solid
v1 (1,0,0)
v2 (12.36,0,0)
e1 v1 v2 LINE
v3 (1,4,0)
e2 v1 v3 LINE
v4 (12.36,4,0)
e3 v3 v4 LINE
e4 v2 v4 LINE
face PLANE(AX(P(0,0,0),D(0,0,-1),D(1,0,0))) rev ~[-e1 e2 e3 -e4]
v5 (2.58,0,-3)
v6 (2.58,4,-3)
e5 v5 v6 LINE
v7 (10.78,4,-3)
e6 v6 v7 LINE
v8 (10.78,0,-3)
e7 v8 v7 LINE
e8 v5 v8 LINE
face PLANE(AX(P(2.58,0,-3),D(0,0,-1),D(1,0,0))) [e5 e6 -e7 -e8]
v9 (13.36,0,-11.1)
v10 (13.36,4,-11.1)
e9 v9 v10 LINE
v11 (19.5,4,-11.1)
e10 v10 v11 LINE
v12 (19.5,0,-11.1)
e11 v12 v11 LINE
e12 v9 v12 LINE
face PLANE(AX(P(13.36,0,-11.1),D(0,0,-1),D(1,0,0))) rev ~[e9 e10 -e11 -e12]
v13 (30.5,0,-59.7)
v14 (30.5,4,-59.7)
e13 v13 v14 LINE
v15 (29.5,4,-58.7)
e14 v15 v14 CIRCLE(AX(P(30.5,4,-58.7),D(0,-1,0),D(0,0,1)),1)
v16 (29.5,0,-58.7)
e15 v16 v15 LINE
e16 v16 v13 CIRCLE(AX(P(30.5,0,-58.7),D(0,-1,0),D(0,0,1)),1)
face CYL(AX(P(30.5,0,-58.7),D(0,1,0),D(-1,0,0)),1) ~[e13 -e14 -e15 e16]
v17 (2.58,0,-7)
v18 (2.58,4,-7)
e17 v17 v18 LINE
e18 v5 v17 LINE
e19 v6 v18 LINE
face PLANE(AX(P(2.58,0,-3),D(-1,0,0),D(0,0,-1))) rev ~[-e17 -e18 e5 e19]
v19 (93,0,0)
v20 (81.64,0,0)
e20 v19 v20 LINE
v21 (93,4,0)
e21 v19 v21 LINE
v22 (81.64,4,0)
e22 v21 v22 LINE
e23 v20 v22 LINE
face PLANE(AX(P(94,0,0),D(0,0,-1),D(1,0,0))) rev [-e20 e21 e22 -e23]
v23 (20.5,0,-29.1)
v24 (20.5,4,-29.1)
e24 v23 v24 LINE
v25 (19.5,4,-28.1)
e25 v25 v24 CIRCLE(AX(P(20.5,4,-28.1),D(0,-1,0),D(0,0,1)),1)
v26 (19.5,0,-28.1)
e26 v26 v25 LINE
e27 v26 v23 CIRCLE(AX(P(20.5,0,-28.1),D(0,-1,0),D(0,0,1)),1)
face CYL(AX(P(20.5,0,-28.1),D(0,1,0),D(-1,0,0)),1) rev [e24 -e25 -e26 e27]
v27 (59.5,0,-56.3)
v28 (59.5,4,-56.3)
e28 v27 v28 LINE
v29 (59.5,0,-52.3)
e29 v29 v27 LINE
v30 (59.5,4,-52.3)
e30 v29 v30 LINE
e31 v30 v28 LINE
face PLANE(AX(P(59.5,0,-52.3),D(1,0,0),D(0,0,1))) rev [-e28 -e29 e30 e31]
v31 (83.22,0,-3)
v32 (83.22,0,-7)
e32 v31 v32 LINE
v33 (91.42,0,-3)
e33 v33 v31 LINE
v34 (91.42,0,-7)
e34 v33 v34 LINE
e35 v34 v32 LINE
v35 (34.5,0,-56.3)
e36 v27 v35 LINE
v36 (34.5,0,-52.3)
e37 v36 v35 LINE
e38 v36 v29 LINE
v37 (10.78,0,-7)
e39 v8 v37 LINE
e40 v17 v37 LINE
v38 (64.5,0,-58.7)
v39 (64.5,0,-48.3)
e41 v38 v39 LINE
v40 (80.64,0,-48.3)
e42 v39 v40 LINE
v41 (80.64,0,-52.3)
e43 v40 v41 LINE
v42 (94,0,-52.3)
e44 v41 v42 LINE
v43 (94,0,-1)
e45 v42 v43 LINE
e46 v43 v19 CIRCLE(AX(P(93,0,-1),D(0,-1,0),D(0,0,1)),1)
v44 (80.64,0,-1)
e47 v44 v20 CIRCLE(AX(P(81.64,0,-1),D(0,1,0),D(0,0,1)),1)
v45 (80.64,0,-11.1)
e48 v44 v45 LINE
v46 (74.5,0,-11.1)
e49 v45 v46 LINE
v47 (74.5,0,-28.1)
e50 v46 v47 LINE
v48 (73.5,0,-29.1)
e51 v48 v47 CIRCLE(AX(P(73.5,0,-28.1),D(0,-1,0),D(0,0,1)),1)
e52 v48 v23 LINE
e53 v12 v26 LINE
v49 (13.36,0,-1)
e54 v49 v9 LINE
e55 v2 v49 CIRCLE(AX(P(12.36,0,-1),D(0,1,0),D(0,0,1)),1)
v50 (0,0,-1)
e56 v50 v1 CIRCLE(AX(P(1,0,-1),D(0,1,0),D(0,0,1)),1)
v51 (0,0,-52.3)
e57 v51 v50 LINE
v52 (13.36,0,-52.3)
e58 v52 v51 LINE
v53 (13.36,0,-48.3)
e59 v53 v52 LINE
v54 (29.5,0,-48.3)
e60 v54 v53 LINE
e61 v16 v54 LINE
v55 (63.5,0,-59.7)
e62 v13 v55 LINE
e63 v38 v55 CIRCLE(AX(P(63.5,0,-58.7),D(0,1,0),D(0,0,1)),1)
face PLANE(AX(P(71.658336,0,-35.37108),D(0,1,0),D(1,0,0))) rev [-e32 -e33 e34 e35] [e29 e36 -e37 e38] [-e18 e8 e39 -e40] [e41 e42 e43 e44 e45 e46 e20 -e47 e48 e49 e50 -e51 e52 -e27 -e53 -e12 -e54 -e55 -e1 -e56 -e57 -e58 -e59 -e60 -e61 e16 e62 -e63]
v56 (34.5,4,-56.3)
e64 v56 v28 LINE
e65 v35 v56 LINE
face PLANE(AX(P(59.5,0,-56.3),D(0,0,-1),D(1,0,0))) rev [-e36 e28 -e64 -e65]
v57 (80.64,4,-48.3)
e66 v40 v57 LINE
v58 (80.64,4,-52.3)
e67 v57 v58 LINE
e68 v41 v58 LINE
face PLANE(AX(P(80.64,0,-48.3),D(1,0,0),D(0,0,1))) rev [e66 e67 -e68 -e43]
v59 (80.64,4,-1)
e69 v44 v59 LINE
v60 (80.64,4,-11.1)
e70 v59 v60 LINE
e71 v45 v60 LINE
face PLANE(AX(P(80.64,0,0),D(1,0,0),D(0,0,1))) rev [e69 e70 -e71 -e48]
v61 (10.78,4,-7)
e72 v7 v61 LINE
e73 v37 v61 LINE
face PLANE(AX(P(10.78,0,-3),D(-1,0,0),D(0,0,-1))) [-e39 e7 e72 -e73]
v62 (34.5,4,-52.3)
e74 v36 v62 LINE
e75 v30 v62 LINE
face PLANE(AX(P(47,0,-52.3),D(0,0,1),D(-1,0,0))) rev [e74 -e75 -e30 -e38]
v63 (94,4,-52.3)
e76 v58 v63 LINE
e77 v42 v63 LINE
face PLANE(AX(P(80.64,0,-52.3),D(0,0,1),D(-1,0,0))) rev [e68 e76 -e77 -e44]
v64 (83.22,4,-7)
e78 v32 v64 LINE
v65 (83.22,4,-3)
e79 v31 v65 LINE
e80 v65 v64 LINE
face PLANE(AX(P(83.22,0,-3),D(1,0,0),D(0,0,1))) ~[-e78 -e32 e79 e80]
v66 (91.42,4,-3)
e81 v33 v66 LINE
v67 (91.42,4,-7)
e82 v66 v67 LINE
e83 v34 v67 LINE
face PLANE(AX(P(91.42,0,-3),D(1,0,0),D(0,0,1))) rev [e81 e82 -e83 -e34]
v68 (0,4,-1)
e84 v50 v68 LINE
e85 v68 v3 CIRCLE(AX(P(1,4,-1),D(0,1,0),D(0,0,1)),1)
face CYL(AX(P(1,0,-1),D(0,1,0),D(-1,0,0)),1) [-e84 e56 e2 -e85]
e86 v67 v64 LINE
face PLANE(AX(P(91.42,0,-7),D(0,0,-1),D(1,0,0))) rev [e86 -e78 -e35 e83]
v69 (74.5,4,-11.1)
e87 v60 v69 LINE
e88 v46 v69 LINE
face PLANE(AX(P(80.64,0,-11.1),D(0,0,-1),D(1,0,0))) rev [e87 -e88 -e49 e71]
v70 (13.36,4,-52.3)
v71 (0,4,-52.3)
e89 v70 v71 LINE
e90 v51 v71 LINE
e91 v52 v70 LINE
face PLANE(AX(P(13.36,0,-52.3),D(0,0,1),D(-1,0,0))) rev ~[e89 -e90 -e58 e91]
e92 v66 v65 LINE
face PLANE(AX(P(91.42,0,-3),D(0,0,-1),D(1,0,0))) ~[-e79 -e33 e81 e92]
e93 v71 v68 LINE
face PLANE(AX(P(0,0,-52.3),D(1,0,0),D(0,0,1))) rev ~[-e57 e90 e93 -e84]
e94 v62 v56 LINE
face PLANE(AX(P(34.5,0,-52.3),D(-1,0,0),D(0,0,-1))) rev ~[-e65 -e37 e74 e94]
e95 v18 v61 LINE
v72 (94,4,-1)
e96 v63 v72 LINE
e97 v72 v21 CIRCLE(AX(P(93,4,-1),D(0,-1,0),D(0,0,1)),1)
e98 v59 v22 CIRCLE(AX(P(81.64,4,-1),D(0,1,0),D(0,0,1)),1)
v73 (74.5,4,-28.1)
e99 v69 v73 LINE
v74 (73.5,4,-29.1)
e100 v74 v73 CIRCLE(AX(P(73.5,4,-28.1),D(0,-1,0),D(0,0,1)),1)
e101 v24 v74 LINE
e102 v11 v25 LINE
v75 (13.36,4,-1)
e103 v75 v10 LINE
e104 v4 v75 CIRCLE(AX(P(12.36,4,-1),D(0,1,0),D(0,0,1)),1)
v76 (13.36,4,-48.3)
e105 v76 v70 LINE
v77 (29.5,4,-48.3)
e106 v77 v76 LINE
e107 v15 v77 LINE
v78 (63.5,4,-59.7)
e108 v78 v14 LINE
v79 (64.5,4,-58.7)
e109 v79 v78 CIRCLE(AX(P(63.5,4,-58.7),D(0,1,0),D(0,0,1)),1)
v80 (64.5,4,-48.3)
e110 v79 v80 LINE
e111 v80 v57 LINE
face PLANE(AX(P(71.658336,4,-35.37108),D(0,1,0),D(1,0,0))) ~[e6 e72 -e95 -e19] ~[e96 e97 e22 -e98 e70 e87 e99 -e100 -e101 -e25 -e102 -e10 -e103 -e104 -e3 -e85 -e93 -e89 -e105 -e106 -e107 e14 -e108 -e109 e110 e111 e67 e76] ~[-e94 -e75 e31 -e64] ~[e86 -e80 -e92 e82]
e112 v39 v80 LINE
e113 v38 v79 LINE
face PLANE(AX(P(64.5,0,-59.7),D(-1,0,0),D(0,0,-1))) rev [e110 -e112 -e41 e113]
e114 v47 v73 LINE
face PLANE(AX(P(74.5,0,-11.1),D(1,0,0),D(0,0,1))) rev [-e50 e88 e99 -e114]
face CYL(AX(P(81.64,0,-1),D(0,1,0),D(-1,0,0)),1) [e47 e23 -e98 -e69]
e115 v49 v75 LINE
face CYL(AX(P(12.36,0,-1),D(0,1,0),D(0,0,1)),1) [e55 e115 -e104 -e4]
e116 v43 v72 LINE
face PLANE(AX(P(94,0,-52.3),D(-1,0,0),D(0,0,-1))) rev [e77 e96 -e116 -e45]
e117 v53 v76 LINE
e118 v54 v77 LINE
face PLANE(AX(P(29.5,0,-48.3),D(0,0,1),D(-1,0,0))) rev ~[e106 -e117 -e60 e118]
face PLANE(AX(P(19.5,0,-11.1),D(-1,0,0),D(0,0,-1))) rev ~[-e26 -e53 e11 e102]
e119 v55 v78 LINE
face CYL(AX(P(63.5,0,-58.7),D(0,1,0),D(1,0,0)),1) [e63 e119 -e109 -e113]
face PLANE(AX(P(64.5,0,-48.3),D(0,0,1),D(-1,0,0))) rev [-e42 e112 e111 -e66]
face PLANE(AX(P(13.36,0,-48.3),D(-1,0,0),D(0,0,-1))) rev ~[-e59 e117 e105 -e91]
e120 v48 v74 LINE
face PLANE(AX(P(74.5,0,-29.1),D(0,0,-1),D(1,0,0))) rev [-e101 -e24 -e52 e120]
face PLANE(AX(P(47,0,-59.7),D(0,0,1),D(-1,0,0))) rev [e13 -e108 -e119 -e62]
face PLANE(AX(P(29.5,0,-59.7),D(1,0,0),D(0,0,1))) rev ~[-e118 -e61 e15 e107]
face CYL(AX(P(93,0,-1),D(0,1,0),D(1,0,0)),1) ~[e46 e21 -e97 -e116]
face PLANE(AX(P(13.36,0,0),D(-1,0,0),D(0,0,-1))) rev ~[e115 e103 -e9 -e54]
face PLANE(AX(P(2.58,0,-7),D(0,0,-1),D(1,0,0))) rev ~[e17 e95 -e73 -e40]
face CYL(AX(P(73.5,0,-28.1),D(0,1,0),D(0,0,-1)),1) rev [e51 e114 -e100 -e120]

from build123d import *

# Parameters (mm, degrees)
SKETCH1_W            = 8.2
SKETCH1_H            = 4
BOSS_EXTRUDE1_DEPTH  = 4
FILLET1_R            = 1
FILLET1_OF_MIRROR1_R = 1


with BuildPart() as part:
    # Sketch1 → Boss-Extrude1 (new body)
    with BuildSketch(Plane(origin=(0, 0, 0), x_dir=(1, 0, 0), z_dir=(0, 1, 0))):
        Polygon((0, 52.3), (0, 0), (13.36, 0), (13.36, 11.1), (19.5, 11.1), (19.5, 29.1), (47, 29.1), (47, 52.3), (34.5, 52.3), (34.5, 56.3), (47, 56.3), (47, 59.7), (29.5, 59.7), (29.5, 48.3), (13.36, 48.3), (13.36, 52.3), align=None)
        with Locations((6.68, 5)):
            Rectangle(SKETCH1_W, SKETCH1_H, mode=Mode.SUBTRACT)
    boss_extrude1 = extrude(amount=BOSS_EXTRUDE1_DEPTH)

    # Fillet1
    fillet1_edges = [part.edges().sort_by_distance(p)[0] for p in [
        (19.5, 2, -29.1),
        (13.36, 2, 0),
        (0, 2, 0),
        (29.5, 2, -59.7),
    ]]
    fillet(fillet1_edges, radius=FILLET1_R)

    # Mirror1: Boss-Extrude1 across plane
    add(boss_extrude1.mirror(Plane(origin=(47, 4, 0), x_dir=(0, 0, 1), z_dir=(1, 0, 0))))

    # Fillet1 of Mirror1
    fillet1_of_mirror1_edges = [part.edges().sort_by_distance(p)[0] for p in [
        (74.5, 2, -29.1),
        (80.64, 2, 0),
        (94, 2, 0),
        (64.5, 2, -59.7),
    ]]
    fillet(fillet1_of_mirror1_edges, radius=FILLET1_OF_MIRROR1_R)


solid = part.part
